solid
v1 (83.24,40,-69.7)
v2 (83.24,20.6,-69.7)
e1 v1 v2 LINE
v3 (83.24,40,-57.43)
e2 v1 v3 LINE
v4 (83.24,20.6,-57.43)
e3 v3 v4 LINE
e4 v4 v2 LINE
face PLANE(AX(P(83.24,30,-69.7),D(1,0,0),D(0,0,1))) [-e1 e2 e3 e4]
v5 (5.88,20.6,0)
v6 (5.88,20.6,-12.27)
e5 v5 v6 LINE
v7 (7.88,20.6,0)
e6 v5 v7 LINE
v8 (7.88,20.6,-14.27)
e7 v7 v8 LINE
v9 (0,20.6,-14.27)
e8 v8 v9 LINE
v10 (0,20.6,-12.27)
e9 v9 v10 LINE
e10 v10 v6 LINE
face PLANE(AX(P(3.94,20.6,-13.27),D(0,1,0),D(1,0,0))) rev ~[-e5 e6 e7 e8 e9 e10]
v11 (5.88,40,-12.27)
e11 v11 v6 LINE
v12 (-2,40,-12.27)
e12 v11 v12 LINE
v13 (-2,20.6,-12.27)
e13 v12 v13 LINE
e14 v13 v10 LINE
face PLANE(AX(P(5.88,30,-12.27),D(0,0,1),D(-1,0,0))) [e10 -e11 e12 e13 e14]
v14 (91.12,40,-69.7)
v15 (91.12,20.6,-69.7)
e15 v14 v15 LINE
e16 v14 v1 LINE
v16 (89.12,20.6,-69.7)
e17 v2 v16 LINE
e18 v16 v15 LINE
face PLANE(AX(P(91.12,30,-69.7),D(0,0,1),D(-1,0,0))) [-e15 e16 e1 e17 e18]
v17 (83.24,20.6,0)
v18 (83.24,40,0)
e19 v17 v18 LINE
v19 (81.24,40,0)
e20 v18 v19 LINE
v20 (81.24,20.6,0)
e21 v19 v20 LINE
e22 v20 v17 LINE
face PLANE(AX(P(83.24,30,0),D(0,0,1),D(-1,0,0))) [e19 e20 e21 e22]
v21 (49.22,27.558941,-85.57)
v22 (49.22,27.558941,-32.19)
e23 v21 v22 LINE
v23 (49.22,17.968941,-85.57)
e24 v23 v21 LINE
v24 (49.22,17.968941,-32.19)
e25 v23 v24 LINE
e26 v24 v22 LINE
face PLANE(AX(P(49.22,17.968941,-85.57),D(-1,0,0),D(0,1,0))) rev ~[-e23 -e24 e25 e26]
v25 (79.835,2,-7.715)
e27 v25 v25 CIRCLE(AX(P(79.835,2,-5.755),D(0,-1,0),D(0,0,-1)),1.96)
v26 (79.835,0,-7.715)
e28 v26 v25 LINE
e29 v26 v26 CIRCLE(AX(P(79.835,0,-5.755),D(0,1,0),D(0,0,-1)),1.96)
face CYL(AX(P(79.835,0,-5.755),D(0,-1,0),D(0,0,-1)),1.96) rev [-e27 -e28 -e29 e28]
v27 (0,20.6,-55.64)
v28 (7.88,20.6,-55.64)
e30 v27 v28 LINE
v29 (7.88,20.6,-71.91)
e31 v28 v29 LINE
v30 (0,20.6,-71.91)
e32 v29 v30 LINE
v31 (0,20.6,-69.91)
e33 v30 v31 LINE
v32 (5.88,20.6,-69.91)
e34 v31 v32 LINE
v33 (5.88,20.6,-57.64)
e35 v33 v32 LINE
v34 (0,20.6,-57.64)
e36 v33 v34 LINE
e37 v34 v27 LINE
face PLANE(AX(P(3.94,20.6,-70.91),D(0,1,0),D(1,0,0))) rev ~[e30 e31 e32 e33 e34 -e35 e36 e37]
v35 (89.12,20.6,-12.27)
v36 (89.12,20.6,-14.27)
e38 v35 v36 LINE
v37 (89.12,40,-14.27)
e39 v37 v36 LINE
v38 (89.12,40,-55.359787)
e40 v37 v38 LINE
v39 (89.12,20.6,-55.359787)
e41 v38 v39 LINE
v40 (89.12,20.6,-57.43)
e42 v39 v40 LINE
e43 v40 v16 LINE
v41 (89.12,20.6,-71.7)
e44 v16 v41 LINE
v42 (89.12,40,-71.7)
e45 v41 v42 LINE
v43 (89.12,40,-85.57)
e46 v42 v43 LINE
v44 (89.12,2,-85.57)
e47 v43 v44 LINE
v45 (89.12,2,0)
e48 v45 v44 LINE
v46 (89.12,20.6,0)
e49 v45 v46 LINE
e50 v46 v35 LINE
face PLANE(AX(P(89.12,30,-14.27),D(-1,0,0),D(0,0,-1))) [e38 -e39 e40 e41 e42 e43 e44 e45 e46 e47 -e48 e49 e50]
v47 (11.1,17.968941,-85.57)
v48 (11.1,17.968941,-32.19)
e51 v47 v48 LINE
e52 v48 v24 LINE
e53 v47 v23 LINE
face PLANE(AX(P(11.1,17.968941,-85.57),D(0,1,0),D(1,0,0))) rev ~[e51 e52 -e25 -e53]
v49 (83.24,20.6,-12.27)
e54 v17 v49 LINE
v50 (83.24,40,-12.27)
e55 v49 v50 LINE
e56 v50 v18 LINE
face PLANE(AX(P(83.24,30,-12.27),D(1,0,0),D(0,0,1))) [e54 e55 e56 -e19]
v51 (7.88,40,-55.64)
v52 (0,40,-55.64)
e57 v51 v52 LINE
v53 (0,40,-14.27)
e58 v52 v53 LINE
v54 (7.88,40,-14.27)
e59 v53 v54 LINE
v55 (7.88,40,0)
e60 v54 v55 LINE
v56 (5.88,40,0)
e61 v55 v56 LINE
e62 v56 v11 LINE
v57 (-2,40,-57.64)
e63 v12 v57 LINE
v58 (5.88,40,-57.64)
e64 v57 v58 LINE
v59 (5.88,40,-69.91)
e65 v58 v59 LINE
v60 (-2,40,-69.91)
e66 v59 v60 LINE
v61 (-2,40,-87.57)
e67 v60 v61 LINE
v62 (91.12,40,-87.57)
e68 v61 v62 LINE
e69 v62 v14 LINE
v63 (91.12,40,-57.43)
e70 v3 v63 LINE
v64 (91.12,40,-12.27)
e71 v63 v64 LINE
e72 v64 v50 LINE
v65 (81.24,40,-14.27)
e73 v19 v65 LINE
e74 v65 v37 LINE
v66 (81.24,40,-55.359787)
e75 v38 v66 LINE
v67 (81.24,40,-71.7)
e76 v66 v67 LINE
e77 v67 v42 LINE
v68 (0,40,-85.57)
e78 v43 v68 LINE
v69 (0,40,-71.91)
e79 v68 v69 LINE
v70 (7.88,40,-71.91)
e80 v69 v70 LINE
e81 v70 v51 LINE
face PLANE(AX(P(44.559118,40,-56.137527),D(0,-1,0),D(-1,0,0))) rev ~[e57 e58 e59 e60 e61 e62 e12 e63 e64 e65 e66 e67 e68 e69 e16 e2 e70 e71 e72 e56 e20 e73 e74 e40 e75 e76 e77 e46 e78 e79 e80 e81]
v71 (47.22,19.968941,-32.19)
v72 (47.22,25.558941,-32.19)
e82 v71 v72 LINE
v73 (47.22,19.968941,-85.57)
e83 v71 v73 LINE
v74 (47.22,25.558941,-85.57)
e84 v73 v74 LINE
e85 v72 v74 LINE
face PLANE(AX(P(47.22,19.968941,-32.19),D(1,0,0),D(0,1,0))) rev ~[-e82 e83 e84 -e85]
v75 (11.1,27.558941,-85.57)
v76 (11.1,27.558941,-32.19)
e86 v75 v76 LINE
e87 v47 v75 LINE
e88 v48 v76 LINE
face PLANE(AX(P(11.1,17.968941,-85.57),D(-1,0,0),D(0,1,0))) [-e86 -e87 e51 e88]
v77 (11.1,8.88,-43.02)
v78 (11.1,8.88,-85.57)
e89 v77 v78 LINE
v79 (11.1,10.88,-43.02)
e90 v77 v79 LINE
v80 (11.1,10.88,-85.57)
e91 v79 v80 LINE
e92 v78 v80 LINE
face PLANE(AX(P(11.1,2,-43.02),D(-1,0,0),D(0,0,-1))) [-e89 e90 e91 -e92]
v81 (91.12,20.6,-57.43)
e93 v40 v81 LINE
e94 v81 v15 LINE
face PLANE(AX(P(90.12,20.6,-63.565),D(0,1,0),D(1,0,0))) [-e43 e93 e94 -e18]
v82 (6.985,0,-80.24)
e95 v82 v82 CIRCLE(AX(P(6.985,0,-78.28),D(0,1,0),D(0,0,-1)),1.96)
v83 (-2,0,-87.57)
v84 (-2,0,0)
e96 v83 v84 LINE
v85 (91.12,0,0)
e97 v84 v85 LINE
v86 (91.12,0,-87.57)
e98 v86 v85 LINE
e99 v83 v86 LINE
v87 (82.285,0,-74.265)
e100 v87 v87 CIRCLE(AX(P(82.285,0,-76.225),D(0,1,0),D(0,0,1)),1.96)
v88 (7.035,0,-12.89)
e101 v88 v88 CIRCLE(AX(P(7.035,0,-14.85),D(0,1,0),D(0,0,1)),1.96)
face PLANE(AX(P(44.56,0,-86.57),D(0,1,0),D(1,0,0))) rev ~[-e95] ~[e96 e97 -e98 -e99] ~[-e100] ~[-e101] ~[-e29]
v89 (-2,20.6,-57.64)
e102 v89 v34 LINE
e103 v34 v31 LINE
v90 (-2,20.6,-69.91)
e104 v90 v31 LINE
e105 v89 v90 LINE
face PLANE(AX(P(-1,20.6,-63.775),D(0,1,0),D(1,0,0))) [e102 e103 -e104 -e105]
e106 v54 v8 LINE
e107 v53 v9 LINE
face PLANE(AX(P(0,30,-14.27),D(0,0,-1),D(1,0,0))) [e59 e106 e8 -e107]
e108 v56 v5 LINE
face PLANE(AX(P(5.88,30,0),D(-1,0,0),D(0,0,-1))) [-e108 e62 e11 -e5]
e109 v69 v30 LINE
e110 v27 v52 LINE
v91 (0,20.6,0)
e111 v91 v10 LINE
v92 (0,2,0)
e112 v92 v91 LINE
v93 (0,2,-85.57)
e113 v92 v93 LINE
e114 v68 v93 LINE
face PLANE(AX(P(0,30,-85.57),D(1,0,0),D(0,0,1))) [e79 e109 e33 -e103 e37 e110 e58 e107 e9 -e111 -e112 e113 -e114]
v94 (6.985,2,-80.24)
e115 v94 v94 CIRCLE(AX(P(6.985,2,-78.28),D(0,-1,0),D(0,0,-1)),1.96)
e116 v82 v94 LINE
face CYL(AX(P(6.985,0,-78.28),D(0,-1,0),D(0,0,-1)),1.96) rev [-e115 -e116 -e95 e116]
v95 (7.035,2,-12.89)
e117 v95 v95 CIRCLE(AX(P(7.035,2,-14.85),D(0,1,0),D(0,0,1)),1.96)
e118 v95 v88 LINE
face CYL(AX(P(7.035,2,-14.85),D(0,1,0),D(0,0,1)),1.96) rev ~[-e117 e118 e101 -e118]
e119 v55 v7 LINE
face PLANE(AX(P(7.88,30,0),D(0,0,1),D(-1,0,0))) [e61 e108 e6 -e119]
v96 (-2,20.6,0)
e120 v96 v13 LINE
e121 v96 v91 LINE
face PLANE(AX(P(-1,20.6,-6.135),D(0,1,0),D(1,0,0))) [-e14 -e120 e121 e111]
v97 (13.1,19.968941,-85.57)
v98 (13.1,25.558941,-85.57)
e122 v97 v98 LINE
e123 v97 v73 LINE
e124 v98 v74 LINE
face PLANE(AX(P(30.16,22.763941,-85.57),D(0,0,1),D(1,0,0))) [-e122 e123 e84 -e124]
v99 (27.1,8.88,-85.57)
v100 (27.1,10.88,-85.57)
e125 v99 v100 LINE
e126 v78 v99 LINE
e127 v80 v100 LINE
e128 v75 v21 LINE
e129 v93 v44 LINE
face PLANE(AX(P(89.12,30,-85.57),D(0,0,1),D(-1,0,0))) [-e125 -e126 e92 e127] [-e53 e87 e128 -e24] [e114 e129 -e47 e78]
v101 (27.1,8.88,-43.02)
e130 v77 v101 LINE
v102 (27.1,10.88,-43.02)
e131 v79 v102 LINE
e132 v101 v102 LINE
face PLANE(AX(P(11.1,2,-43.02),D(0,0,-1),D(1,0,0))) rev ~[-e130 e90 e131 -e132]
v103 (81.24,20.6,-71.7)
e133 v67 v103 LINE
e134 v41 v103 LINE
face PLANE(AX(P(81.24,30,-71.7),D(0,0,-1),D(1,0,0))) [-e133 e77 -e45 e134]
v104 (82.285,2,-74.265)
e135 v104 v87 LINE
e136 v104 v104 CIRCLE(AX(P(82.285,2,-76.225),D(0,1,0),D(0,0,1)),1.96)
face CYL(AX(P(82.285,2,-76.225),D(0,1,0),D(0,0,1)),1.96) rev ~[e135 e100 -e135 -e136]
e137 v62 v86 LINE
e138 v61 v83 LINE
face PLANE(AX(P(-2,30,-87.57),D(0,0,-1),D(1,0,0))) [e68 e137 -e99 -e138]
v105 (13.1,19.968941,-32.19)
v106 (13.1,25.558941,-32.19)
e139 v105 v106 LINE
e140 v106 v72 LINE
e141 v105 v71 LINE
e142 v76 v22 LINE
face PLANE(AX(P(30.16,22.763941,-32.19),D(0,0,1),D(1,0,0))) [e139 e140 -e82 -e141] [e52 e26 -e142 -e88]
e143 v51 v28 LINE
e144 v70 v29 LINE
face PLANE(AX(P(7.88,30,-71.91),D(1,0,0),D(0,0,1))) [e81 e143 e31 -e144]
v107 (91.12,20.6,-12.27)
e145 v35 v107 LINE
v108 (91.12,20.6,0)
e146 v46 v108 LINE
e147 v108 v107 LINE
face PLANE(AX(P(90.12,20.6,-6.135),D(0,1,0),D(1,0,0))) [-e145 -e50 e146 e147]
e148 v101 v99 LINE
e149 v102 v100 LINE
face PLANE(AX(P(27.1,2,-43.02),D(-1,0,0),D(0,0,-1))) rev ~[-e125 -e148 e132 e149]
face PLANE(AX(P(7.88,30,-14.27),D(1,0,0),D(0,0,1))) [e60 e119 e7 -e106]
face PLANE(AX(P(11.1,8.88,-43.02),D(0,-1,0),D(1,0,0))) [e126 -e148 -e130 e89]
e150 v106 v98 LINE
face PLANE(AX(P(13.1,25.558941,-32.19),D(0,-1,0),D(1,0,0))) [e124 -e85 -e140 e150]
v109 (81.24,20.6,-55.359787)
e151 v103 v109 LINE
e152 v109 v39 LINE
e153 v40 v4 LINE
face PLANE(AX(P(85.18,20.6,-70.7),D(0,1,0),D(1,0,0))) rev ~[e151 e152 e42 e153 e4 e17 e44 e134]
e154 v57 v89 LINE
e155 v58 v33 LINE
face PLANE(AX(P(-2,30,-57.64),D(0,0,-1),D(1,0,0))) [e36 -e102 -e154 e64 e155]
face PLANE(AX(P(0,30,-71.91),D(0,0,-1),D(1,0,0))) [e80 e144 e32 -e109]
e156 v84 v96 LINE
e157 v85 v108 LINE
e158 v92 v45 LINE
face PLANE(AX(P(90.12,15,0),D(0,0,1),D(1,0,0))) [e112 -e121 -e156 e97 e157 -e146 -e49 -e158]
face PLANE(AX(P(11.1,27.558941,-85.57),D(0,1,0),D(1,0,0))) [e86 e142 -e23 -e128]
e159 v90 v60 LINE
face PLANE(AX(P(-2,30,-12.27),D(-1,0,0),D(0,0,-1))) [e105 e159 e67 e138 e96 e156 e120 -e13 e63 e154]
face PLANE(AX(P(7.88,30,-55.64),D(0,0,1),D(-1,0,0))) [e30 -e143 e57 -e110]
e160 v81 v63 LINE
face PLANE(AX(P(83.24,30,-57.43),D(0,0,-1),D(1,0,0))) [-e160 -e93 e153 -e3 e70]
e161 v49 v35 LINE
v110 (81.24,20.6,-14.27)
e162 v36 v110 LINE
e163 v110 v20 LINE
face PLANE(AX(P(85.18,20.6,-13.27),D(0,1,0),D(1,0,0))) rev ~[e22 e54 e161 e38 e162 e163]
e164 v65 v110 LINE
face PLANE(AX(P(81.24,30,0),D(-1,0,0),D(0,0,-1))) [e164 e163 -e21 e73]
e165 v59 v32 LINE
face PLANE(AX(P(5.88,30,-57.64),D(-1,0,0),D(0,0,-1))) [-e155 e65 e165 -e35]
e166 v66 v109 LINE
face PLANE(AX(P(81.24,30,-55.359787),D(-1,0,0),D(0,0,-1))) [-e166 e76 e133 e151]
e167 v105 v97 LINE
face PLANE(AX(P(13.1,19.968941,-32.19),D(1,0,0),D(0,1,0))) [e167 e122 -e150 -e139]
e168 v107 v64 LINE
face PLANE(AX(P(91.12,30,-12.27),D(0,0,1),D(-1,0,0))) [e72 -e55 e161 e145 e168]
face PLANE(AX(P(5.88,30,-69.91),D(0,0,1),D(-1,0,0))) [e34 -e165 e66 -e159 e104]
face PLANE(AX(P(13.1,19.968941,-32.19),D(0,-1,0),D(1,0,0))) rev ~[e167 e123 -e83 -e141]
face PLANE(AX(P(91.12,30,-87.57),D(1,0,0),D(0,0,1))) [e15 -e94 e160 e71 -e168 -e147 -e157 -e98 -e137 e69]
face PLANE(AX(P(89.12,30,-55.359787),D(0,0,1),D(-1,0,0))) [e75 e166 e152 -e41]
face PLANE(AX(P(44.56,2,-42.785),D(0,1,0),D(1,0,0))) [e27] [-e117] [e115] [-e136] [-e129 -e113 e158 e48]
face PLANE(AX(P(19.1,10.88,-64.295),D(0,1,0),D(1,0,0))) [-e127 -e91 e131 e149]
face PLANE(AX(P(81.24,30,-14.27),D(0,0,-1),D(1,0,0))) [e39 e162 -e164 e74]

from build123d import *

# Parameters (mm, degrees)
SKETCH1_W            = 89.12
SKETCH1_H            = 85.57
BOSS_EXTRUDE1_DEPTH  = 2
SKETCH3_W            = 2
SKETCH3_H            = 30
BOSS_EXTRUDE2_DEPTH  = 85.57
SKETCH4_W            = 2
SKETCH4_H            = 30
BOSS_EXTRUDE3_DEPTH  = 85.57
SKETCH5_W            = 93.12
SKETCH5_H            = 2
BOSS_EXTRUDE4_DEPTH  = 30
SKETCH6_R            = 1.96
CUT_EXTRUDE2_DEPTH   = 30
SKETCH7_R            = 1.96
CUT_EXTRUDE3_DEPTH   = 30
SKETCH8_R            = 1.96
CUT_EXTRUDE4_DEPTH   = 30
SKETCH9_R            = 1.96
CUT_EXTRUDE5_DEPTH   = 30
SKETCH11_W           = 2
SKETCH11_H           = 12.27
BOSS_EXTRUDE5_DEPTH  = 9.4
SKETCH12_W           = 2
SKETCH12_H           = 12.27
CUT_EXTRUDE6_DEPTH   = 9.4
SKETCH13_W           = 2
SKETCH13_H           = 12.27
BOSS_EXTRUDE6_DEPTH  = 9.4
SKETCH14_W           = 2
SKETCH14_H           = 12.27
CUT_EXTRUDE7_DEPTH   = 9.4
SKETCH15_W           = 2
SKETCH15_H           = 12.27
BOSS_EXTRUDE7_DEPTH  = 9.4
SKETCH16_W           = 2
SKETCH16_H           = 12.27
CUT_EXTRUDE8_DEPTH   = 9.4
SKETCH17_W           = 2
SKETCH17_H           = 12.27
BOSS_EXTRUDE8_DEPTH  = 9.4
SKETCH18_W           = 2
SKETCH18_H           = 12.27
CUT_EXTRUDE9_DEPTH   = 9.4
BOSS_EXTRUDE9_DEPTH  = 10
SKETCH20_W           = 16
SKETCH20_H           = 42.55
BOSS_EXTRUDE10_DEPTH = 8.88
SKETCH21_W           = 16
SKETCH21_H           = 6.88
CUT_EXTRUDE10_DEPTH  = 42.55
SKETCH22_W           = 38.12
SKETCH22_H           = 9.59
BOSS_EXTRUDE11_DEPTH = 53.38
SKETCH23_W           = 34.12
SKETCH23_H           = 5.59
CUT_EXTRUDE11_DEPTH  = 53.38


with BuildPart() as part:
    # Sketch1 → Boss-Extrude1 (new body)
    with BuildSketch(Plane(origin=(0, 0, 0), x_dir=(1, 0, 0), z_dir=(0, 1, 0))):
        with Locations((44.56, 42.785)):
            Rectangle(SKETCH1_W, SKETCH1_H)
    extrude(amount=BOSS_EXTRUDE1_DEPTH)

    # Sketch3 → Boss-Extrude2 (add)
    with BuildSketch(Plane.XY):
        with Locations((-1, 15)):
            Rectangle(SKETCH3_W, SKETCH3_H)
    extrude(amount=-BOSS_EXTRUDE2_DEPTH)

    # Sketch4 → Boss-Extrude3 (add)
    with BuildSketch(Plane.XY):
        with Locations((90.12, 15)):
            Rectangle(SKETCH4_W, SKETCH4_H)
    extrude(amount=-BOSS_EXTRUDE3_DEPTH)

    # Sketch5 → Boss-Extrude4 (add)
    with BuildSketch(Plane(origin=(0, 0, 0), x_dir=(1, 0, 0), z_dir=(0, 1, 0))):
        with Locations((44.56, 86.57)):
            Rectangle(SKETCH5_W, SKETCH5_H)
    extrude(amount=BOSS_EXTRUDE4_DEPTH)

    # Sketch6 → Cut-Extrude2 (cut)
    with BuildSketch(Plane(origin=(0, 0, 0), x_dir=(1, 0, 0), z_dir=(0, 1, 0))):
        with Locations(Location((79.835, 5.755, 0), (0, 0, 90))):
            Circle(SKETCH6_R)
    extrude(amount=CUT_EXTRUDE2_DEPTH, mode=Mode.SUBTRACT)

    # Sketch7 → Cut-Extrude3 (cut)
    with BuildSketch(Plane(origin=(0, 2, 0), x_dir=(1, 0, 0), z_dir=(0, 1, 0))):
        with Locations(Location((82.285, 76.225, 0), (0, 0, 270))):
            Circle(SKETCH7_R)
    extrude(amount=-CUT_EXTRUDE3_DEPTH, mode=Mode.SUBTRACT)

    # Sketch8 → Cut-Extrude4 (cut)
    with BuildSketch(Plane(origin=(0, 0, 0), x_dir=(1, 0, 0), z_dir=(0, 1, 0))):
        with Locations(Location((6.985, 78.28, 0), (0, 0, 90))):
            Circle(SKETCH8_R)
    extrude(amount=CUT_EXTRUDE4_DEPTH, mode=Mode.SUBTRACT)

    # Sketch9 → Cut-Extrude5 (cut)
    with BuildSketch(Plane(origin=(0, 2, 0), x_dir=(1, 0, 0), z_dir=(0, 1, 0))):
        with Locations(Location((7.035, 14.85, 0), (0, 0, 270))):
            Circle(SKETCH9_R)
    extrude(amount=-CUT_EXTRUDE5_DEPTH, mode=Mode.SUBTRACT)

    # Sketch11 → Boss-Extrude5 (add)
    with BuildSketch(Plane(origin=(0, 30, 0), x_dir=(1, 0, 0), z_dir=(0, 1, 0))):
        Polygon((83.24, 12.27), (89.12, 12.27), (89.12, 14.27), (81.24, 14.27), (81.24, 12.27), align=None)
        with Locations((82.24, 6.135)):
            Rectangle(SKETCH11_W, SKETCH11_H)
    extrude(amount=-BOSS_EXTRUDE5_DEPTH)

    # Sketch12 → Cut-Extrude6 (cut)
    with BuildSketch(Plane(origin=(0, 30, 0), x_dir=(1, 0, 0), z_dir=(0, 1, 0))):
        with Locations((90.12, 6.135)):
            Rectangle(SKETCH12_W, SKETCH12_H)
    extrude(amount=-CUT_EXTRUDE6_DEPTH, mode=Mode.SUBTRACT)

    # Sketch13 → Boss-Extrude6 (add)
    with BuildSketch(Plane(origin=(0, 30, 0), x_dir=(1, 0, 0), z_dir=(0, 1, 0))):
        Polygon((83.24, 69.7), (89.12, 69.7), (89.12, 71.7), (81.24, 71.7), (81.24, 69.7), align=None)
        with Locations((82.24, 63.565)):
            Rectangle(SKETCH13_W, SKETCH13_H)
        Polygon((89.12, 55.359786784), (89.12, 57.43), (83.24, 57.43), (81.24, 57.43), (81.24, 55.359786784), align=None)
    extrude(amount=-BOSS_EXTRUDE6_DEPTH)

    # Sketch14 → Cut-Extrude7 (cut)
    with BuildSketch(Plane(origin=(0, 30, 0), x_dir=(1, 0, 0), z_dir=(0, 1, 0))):
        with Locations((90.12, 63.565)):
            Rectangle(SKETCH14_W, SKETCH14_H)
    extrude(amount=-CUT_EXTRUDE7_DEPTH, mode=Mode.SUBTRACT)

    # Sketch15 → Boss-Extrude7 (add)
    with BuildSketch(Plane(origin=(0, 30, 0), x_dir=(1, 0, 0), z_dir=(0, 1, 0))):
        Polygon((0, 71.91), (0, 69.91), (5.88, 69.91), (7.88, 69.91), (7.88, 71.91), align=None)
        with Locations((6.88, 63.775)):
            Rectangle(SKETCH15_W, SKETCH15_H)
        Polygon((5.88, 57.64), (0, 57.64), (0, 55.64), (7.88, 55.64), (7.88, 57.64), align=None)
    extrude(amount=-BOSS_EXTRUDE7_DEPTH)

    # Sketch16 → Cut-Extrude8 (cut)
    with BuildSketch(Plane(origin=(0, 30, 0), x_dir=(1, 0, 0), z_dir=(0, 1, 0))):
        with Locations((-1, 63.775)):
            Rectangle(SKETCH16_W, SKETCH16_H)
    extrude(amount=-CUT_EXTRUDE8_DEPTH, mode=Mode.SUBTRACT)

    # Sketch17 → Boss-Extrude8 (add)
    with BuildSketch(Plane(origin=(0, 30, 0), x_dir=(1, 0, 0), z_dir=(0, 1, 0))):
        Polygon((0, 14.27), (0, 12.27), (5.88, 12.27), (7.88, 12.27), (7.88, 14.27), align=None)
        with Locations((6.88, 6.135)):
            Rectangle(SKETCH17_W, SKETCH17_H)
    extrude(amount=-BOSS_EXTRUDE8_DEPTH)

    # Sketch18 → Cut-Extrude9 (cut)
    with BuildSketch(Plane(origin=(0, 30, 0), x_dir=(1, 0, 0), z_dir=(0, 1, 0))):
        with Locations((-1, 6.135)):
            Rectangle(SKETCH18_W, SKETCH18_H)
    extrude(amount=-CUT_EXTRUDE9_DEPTH, mode=Mode.SUBTRACT)

    # Sketch19 → Boss-Extrude9 (add)
    with BuildSketch(Plane(origin=(0, 30, 0), x_dir=(1, 0, 0), z_dir=(0, 1, 0))):
        Polygon((83.24, 0), (81.24, 0), (81.24, 14.27), (89.12, 14.27), (89.12, 55.359786784), (81.24, 55.359786784), (81.24, 71.7), (89.12, 71.7), (89.12, 85.57), (0, 85.57), (0, 71.91), (7.88, 71.91), (7.88, 55.64), (0, 55.64), (0, 14.27), (7.88, 14.27), (7.88, 0), (5.88, 0), (5.88, 12.27), (-2, 12.27), (-2, 57.64), (5.88, 57.64), (5.88, 69.91), (-2, 69.91), (-2, 87.57), (91.12, 87.57), (91.12, 69.7), (83.24, 69.7), (83.24, 57.43), (91.12, 57.43), (91.12, 12.27), (83.24, 12.27), align=None)
    extrude(amount=BOSS_EXTRUDE9_DEPTH)

    # Sketch20 → Boss-Extrude10 (add)
    with BuildSketch(Plane(origin=(0, 2, 0), x_dir=(1, 0, 0), z_dir=(0, 1, 0))):
        with Locations((19.1, 64.295)):
            Rectangle(SKETCH20_W, SKETCH20_H)
    extrude(amount=BOSS_EXTRUDE10_DEPTH)

    # Sketch21 → Cut-Extrude10 (cut)
    with BuildSketch(Plane.XY.offset(-43.02)):
        with Locations((19.1, 5.44)):
            Rectangle(SKETCH21_W, SKETCH21_H)
    extrude(amount=-CUT_EXTRUDE10_DEPTH, mode=Mode.SUBTRACT)

    # Sketch22 → Boss-Extrude11 (add)
    with BuildSketch(Plane.XY.offset(-85.57)):
        with Locations((30.16, 22.763941004)):
            Rectangle(SKETCH22_W, SKETCH22_H)
    extrude(amount=BOSS_EXTRUDE11_DEPTH)

    # Sketch23 → Cut-Extrude11 (cut)
    with BuildSketch(Plane.XY.offset(-32.19)):
        with Locations((30.16, 22.763941004)):
            Rectangle(SKETCH23_W, SKETCH23_H)
    extrude(amount=-CUT_EXTRUDE11_DEPTH, mode=Mode.SUBTRACT)


solid = part.part
